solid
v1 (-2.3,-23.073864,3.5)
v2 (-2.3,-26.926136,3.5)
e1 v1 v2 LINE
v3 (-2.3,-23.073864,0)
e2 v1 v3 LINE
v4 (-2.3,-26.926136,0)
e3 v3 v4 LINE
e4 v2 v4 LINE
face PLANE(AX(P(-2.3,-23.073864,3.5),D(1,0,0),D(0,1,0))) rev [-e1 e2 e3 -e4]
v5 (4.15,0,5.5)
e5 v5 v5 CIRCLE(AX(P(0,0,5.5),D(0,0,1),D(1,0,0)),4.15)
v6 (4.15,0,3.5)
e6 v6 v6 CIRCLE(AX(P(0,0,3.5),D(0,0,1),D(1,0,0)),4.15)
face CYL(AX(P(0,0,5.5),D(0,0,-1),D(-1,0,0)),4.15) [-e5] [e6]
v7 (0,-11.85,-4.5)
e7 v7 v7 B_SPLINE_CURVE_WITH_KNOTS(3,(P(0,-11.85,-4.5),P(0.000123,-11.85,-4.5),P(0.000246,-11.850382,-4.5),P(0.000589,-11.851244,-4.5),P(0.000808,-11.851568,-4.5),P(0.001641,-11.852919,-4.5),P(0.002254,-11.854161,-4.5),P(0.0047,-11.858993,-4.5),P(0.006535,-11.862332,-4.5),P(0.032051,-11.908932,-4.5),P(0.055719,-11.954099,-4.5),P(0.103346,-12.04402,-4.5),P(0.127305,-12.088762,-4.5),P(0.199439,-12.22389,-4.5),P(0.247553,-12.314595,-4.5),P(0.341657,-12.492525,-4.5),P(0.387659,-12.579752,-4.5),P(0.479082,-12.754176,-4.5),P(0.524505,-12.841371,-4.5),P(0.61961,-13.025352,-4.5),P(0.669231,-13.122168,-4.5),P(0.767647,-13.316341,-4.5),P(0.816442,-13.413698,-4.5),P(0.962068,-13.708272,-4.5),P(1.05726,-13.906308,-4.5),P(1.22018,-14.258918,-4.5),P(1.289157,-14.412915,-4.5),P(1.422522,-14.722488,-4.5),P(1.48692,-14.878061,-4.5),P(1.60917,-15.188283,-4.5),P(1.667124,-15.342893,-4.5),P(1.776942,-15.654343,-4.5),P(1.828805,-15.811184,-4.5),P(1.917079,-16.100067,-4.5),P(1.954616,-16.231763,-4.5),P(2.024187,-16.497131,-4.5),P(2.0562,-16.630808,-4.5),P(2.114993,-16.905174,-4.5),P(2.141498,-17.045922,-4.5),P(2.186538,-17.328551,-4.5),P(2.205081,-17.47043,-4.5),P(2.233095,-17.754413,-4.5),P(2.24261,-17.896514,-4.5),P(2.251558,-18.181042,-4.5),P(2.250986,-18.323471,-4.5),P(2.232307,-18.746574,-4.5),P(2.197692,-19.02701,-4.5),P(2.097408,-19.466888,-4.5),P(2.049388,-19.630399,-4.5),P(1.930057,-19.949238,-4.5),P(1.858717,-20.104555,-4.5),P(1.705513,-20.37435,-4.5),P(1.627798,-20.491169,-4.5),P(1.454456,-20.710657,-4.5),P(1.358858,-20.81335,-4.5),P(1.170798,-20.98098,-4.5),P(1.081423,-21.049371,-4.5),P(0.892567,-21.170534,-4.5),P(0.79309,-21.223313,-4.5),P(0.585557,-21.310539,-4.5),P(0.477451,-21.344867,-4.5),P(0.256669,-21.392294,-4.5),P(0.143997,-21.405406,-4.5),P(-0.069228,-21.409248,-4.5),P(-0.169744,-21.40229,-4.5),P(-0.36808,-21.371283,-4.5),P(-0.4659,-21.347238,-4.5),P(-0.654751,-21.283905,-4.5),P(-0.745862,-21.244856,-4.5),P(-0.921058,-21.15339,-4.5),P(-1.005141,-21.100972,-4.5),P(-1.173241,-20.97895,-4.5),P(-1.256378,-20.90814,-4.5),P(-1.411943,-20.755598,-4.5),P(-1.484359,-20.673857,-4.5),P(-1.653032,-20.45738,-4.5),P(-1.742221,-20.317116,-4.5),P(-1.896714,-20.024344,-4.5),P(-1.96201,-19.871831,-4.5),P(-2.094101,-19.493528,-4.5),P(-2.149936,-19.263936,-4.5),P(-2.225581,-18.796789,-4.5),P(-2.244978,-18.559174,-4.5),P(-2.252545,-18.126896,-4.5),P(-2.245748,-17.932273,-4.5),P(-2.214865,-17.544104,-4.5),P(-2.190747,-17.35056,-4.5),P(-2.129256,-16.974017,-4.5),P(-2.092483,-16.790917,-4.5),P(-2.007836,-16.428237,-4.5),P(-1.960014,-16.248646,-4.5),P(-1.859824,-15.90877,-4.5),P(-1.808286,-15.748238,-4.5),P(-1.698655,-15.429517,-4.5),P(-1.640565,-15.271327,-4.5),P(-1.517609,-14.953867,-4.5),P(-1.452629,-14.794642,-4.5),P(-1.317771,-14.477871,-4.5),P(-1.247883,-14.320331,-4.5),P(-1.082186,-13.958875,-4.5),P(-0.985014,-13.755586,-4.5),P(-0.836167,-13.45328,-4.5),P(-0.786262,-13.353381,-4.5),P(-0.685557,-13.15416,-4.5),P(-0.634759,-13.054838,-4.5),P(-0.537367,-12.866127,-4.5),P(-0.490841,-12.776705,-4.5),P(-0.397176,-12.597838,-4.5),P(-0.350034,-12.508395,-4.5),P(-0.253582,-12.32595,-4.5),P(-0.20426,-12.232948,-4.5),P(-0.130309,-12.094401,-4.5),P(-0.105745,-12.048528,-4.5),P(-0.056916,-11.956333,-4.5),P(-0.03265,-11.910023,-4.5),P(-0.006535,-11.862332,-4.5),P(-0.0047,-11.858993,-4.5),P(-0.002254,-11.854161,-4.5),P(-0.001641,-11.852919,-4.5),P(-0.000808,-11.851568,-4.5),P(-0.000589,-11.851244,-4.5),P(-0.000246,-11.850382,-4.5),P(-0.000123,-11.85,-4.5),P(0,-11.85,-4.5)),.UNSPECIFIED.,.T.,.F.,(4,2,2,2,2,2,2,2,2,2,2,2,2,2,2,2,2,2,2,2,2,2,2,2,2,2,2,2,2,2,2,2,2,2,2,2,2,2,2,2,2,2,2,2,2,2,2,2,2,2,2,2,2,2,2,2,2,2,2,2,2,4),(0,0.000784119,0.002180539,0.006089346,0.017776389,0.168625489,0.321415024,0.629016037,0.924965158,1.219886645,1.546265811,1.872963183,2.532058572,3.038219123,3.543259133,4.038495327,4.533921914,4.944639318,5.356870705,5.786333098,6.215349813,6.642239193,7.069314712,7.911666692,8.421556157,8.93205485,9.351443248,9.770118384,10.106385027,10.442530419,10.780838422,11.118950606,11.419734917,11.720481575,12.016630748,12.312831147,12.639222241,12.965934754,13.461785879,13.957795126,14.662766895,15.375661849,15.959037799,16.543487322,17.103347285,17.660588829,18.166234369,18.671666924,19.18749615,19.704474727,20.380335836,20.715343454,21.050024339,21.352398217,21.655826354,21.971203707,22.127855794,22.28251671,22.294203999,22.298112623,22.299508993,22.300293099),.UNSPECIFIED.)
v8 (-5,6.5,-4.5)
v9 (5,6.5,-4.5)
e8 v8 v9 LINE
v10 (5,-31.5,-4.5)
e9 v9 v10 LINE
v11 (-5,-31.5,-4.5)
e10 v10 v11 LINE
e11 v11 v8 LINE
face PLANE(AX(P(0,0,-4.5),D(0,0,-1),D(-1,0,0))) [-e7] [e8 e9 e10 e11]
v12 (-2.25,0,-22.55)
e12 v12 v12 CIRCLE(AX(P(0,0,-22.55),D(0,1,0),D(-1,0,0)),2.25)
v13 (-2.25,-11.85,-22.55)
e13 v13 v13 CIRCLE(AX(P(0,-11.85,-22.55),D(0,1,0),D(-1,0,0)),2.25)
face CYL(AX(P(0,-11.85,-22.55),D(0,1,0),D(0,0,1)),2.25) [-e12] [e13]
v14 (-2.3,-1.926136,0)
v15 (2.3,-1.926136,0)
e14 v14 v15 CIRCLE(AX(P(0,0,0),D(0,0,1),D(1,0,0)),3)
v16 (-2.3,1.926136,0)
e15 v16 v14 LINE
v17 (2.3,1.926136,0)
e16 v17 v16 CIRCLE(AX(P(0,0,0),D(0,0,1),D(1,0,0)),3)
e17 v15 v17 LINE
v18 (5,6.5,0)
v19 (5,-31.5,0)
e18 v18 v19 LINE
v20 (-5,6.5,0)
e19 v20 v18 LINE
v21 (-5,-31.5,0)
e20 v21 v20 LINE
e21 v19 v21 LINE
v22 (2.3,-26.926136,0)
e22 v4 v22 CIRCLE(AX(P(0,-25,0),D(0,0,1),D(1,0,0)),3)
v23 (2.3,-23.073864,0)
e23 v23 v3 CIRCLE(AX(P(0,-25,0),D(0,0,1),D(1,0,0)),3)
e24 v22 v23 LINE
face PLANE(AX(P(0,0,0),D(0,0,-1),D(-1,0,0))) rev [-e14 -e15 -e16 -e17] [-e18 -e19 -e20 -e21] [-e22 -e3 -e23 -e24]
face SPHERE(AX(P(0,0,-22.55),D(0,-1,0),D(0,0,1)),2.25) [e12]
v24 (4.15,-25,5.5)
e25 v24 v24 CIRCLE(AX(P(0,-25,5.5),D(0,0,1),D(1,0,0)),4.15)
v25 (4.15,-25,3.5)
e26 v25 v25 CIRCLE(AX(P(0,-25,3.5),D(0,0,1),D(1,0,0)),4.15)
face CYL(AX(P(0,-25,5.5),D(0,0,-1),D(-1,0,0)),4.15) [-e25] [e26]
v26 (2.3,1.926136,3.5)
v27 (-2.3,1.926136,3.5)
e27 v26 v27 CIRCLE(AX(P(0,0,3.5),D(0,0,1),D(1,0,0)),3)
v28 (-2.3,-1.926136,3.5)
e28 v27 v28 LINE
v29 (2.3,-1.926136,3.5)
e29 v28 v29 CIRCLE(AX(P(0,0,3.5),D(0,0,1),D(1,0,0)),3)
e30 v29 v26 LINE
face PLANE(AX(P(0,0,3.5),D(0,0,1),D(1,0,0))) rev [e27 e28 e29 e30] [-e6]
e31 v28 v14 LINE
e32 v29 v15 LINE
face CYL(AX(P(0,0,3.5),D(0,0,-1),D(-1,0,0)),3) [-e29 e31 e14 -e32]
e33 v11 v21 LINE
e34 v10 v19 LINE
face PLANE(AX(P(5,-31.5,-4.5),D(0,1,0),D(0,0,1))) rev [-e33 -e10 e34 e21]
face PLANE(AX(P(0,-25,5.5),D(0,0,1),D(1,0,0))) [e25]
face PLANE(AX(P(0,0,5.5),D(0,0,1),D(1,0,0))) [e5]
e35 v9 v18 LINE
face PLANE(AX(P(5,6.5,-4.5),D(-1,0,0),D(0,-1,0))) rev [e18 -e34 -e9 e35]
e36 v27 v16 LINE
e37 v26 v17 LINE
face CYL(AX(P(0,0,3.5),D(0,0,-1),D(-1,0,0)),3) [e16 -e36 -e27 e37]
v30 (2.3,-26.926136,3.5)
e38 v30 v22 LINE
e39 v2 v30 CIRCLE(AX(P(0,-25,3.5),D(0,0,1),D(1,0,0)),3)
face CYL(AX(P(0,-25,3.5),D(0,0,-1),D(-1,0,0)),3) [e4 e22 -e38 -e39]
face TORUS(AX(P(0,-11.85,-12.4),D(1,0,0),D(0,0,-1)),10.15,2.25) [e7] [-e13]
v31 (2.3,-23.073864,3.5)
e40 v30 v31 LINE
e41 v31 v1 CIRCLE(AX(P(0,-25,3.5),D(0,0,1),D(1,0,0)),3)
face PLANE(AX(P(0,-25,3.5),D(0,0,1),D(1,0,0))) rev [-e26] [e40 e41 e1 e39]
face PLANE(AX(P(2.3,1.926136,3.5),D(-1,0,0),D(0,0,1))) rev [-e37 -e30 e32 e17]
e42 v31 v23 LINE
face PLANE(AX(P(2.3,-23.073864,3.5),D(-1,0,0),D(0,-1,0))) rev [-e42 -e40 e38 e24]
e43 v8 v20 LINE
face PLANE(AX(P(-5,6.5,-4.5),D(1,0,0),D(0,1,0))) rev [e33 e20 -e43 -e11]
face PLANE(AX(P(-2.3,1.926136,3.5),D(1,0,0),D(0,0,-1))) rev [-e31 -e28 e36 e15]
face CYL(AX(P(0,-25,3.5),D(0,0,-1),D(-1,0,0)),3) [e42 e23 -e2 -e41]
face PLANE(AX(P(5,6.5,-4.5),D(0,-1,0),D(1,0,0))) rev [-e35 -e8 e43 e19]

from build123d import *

# Parameters (mm, degrees)
EXTRUDE_1_DEPTH   = 3.5
EXTRUDE_1_2_DEPTH = 3.5
SKETCH_2_R        = 4.15
EXTRUDE_2_DEPTH   = 2
SKETCH_3_W        = 10
SKETCH_3_H        = 38
EXTRUDE_3_DEPTH   = 4.5
SKETCH_5_R        = 2.25


with BuildPart() as part:
    # 草图1 → 凸台-拉伸1 (new body)
    with BuildSketch(Plane.XY):
        with BuildLine():
            Line((-2.3, 1.926136028), (-2.3, -1.926136028))
            ThreePointArc((-2.3, -1.926136028), (0, -3), (2.3, -1.926136028))
            Line((2.3, -1.926136028), (2.3, 1.926136028))
            ThreePointArc((2.3, 1.926136028), (0, 3), (-2.3, 1.926136028))
        make_face()
    extrude(amount=EXTRUDE_1_DEPTH)



with BuildPart() as body_2:
    # 草图1 → Extrude 1 2 (new body)
    with BuildSketch(Plane.XY):
        with BuildLine():
            Line((-2.3, -23.073863972), (-2.3, -26.926136028))
            ThreePointArc((-2.3, -26.926136028), (0, -28), (2.3, -26.926136028))
            Line((2.3, -26.926136028), (2.3, -23.073863972))
            ThreePointArc((2.3, -23.073863972), (0, -22), (-2.3, -23.073863972))
        make_face()
    extrude(amount=EXTRUDE_1_2_DEPTH)


with BuildPart() as part_1:
    add(part.part)

    add(body_2.part)  # 凸台-拉伸2 merges body 2
    # 草图2 → 凸台-拉伸2 (add)
    with BuildSketch(Plane.XY.offset(3.5)):
        Circle(SKETCH_2_R)
        with Locations((0, -25)):
            Circle(SKETCH_2_R)
    extrude(amount=EXTRUDE_2_DEPTH)

    # 草图3 → 凸台-拉伸3 (add)
    with BuildSketch(Plane(origin=(0, 0, 0), x_dir=(-1, 0, 0), z_dir=(0, 0, -1))):
        with Locations((0, -12.5)):
            Rectangle(SKETCH_3_W, SKETCH_3_H)
    extrude(amount=EXTRUDE_3_DEPTH)

    # 扫描1: sweep along a path in 草图4
    with BuildLine(Plane(origin=(0, 0, 0), x_dir=(0, 0, -1), z_dir=(1, 0, 0))) as sweep_1_path:
        Line((2.25, 0), (2.25, -11.85))
        ThreePointArc((2.25, -11.85), (12.4, -22), (22.55, -11.85))
        Line((22.55, -11.85), (22.55, 0))
    # 草图5 → 扫描1 (sweep)
    with BuildSketch(Plane(origin=(0, 0, 0), x_dir=(1, 0, 0), z_dir=(0, 1, 0))):
        with Locations((0, 22.55)):
            Circle(SKETCH_5_R)
    sweep(path=sweep_1_path.line)

    # 草图6 → 旋转1 (revolve)
    with BuildSketch(Plane(origin=(0, 0, 0), x_dir=(0, 0, -1), z_dir=(1, 0, 0))):
        with BuildLine():
            Line((22.55, 0), (22.55, 2.25))
            ThreePointArc((22.55, 2.25), (20.959009742, 1.590990258), (20.3, 0))
            Line((20.3, 0), (22.55, 0))
        make_face()
    revolve(axis=Axis((0, 0, -22.55), (0, 1, 0)))


solid = part_1.part
